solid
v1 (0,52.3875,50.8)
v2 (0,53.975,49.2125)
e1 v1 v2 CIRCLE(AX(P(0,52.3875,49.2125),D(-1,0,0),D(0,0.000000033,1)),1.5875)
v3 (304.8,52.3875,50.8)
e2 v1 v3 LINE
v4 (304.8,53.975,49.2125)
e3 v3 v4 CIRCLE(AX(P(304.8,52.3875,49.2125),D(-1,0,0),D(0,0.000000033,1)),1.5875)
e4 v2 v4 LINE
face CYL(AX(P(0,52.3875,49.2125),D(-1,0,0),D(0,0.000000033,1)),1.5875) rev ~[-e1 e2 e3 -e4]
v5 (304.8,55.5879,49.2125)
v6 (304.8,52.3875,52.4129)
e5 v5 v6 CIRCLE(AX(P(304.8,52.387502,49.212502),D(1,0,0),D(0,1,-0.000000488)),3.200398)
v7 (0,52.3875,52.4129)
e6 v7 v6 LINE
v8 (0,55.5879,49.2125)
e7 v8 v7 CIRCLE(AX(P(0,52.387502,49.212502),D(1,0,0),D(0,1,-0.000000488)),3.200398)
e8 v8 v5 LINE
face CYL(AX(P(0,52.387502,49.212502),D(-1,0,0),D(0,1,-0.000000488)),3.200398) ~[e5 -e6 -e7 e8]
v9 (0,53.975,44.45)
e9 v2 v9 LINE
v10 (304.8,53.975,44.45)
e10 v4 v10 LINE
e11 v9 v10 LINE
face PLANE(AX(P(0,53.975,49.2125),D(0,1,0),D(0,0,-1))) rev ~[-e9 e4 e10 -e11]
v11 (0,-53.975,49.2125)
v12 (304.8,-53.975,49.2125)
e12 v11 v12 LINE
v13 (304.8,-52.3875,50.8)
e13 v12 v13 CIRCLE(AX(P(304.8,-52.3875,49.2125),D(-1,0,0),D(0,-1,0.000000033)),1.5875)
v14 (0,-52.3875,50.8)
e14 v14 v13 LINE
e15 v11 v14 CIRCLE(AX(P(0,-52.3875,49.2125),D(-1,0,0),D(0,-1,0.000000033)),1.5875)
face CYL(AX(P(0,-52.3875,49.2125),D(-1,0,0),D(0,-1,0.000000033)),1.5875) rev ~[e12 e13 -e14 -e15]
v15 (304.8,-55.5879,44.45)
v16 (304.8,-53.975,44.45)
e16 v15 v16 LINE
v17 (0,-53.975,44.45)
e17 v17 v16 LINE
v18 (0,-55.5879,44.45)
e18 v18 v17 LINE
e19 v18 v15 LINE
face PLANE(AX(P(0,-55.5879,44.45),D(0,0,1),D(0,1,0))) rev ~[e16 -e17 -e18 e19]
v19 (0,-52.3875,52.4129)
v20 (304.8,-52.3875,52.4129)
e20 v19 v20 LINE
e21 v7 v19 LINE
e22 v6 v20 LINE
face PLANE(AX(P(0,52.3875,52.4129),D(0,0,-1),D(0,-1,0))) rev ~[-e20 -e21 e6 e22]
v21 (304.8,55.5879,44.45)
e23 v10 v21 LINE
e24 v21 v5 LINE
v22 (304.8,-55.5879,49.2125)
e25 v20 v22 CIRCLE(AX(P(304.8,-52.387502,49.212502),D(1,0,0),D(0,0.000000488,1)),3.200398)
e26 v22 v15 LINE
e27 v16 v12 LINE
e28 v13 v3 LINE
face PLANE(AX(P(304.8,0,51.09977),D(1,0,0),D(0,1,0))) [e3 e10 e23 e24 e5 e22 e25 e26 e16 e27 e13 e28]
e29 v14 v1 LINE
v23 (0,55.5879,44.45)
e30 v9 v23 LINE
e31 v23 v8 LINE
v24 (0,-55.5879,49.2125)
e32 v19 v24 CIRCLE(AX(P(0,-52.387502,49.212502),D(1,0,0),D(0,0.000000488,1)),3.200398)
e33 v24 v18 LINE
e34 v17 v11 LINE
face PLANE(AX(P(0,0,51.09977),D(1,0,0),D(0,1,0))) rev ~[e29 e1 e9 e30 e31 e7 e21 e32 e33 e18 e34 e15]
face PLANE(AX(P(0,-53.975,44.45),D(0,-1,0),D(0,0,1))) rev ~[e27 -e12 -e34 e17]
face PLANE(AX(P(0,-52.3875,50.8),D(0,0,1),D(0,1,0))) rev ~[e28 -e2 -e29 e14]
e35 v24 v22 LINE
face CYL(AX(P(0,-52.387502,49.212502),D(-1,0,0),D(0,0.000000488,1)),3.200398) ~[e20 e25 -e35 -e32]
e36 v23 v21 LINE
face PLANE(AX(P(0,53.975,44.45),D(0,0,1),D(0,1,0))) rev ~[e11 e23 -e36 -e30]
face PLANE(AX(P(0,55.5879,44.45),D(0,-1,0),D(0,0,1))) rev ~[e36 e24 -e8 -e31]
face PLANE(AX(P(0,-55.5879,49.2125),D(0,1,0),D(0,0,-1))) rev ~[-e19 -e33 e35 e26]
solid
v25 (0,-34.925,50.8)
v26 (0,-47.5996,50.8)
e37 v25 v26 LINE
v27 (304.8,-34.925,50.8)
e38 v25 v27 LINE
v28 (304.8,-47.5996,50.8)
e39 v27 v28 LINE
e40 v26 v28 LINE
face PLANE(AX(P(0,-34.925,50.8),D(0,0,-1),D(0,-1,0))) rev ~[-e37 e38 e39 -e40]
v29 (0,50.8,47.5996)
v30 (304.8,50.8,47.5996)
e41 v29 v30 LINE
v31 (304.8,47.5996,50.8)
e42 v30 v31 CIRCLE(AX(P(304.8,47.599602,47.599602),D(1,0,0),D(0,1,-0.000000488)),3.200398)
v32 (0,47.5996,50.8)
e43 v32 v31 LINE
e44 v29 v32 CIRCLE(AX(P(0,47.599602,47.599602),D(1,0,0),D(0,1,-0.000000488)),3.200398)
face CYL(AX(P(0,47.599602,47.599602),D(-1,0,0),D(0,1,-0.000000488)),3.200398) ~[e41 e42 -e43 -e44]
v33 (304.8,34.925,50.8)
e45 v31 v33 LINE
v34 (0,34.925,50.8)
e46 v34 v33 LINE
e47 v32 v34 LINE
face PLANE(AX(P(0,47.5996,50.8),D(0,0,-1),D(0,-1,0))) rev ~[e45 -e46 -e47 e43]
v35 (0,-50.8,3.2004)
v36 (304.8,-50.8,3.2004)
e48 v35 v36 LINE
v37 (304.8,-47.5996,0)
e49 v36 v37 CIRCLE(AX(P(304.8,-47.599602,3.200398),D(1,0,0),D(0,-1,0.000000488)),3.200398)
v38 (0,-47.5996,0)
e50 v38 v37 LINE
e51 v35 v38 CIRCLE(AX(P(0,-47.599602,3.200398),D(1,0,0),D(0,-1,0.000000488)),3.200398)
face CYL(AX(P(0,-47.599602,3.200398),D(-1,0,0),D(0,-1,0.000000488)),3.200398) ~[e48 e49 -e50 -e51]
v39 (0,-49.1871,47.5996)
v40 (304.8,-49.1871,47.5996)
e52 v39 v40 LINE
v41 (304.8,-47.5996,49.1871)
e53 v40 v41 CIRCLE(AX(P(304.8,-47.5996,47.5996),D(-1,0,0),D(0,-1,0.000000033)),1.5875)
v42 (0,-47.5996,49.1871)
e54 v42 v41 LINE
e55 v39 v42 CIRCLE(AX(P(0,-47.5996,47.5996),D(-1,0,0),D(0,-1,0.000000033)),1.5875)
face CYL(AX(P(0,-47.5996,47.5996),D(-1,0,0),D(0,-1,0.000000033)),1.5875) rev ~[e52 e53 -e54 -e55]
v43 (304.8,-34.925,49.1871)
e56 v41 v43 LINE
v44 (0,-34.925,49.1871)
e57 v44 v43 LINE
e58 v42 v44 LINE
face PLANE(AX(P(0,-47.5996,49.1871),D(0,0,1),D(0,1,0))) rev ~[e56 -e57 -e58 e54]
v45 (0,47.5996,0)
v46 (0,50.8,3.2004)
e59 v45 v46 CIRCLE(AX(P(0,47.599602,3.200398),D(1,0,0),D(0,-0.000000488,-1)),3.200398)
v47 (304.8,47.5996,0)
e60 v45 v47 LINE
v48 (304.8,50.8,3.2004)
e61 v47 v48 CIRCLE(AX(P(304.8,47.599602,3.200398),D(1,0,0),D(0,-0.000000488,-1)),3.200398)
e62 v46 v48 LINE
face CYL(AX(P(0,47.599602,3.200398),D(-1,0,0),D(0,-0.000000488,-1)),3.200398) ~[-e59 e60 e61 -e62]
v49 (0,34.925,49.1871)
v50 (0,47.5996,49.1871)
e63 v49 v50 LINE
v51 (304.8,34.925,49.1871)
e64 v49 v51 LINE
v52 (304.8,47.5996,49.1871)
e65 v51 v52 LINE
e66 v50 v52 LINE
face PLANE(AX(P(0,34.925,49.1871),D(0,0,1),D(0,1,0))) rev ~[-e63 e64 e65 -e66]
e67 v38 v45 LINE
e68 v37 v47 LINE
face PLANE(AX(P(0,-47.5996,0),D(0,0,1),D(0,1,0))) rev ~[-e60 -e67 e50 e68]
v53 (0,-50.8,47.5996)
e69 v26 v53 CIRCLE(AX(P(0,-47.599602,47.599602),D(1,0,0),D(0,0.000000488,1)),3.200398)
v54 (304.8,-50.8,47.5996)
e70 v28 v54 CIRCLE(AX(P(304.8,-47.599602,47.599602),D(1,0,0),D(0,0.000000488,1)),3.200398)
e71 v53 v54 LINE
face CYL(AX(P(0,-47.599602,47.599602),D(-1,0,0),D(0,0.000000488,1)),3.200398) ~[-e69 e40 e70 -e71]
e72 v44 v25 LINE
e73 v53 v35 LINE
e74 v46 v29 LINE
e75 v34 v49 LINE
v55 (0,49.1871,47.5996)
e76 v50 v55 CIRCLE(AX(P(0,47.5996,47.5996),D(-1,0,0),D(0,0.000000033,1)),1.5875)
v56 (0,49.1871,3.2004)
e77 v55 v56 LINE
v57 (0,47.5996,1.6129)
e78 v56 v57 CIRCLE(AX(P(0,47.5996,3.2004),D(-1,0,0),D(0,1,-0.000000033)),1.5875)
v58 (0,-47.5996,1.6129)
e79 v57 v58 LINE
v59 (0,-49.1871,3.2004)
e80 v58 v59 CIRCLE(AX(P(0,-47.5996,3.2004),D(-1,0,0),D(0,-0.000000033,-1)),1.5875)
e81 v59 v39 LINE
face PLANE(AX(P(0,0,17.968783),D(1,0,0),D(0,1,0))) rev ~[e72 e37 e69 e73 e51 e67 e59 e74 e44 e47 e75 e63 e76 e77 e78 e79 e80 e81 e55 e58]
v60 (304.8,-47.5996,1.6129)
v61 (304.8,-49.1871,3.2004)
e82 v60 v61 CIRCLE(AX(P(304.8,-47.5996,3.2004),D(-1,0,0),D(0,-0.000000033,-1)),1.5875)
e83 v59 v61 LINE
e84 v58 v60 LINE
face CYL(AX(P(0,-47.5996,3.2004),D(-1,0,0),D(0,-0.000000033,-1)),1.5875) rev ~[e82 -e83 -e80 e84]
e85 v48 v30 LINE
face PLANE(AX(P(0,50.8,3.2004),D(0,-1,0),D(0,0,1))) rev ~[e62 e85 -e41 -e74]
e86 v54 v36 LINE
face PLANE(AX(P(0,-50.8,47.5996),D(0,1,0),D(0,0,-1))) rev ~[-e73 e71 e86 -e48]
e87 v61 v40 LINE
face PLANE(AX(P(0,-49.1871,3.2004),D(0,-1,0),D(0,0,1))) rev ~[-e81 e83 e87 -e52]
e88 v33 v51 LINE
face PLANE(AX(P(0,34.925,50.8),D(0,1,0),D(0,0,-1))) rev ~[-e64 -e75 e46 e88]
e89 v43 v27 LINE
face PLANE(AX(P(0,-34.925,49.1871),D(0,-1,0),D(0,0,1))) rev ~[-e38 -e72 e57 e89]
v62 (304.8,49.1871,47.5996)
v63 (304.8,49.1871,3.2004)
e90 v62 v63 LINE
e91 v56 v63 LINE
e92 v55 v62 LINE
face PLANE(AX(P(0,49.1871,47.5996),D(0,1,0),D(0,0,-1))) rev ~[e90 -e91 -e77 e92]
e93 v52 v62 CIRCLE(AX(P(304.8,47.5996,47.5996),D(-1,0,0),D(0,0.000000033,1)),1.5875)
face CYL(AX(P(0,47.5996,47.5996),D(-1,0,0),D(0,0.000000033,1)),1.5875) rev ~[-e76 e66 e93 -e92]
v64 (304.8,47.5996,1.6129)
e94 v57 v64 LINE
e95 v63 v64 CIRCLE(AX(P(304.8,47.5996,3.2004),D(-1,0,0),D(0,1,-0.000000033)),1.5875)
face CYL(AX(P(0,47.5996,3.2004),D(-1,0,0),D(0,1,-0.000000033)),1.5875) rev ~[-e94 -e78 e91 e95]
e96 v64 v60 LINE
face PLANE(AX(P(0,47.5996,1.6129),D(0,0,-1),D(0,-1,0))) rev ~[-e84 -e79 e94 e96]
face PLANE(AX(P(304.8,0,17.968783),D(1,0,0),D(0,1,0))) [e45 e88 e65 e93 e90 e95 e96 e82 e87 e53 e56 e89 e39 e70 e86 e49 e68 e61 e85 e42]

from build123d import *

# Parameters (mm, degrees)
F1_DEPTH = 304.8
F3_DEPTH = 304.8


with BuildPart() as f1:
    # F0 (on Right) → F1 (new body)
    with BuildSketch(Plane.YZ):
        with BuildLine():
            Line((-47.5996, 0), (0, 0))
            Line((0, 0), (47.5996, 0))
            ThreePointArc((47.5996, 0), (49.862625, 0.937375), (50.8, 3.2004))
            Line((50.8, 3.2004), (50.8, 47.5996))
            ThreePointArc((50.8, 47.5996), (49.862625, 49.862625), (47.5996, 50.8))
            Line((47.5996, 50.8), (34.925, 50.8))
            Line((34.925, 50.8), (34.925, 49.1871))
            Line((34.925, 49.1871), (47.5996, 49.1871))
            ThreePointArc((47.5996, 49.1871), (48.722132, 48.722132), (49.1871, 47.5996))
            Line((49.1871, 47.5996), (49.1871, 3.2004))
            ThreePointArc((49.1871, 3.2004), (48.722132, 2.077868), (47.5996, 1.6129))
            Line((47.5996, 1.6129), (0, 1.6129))
            Line((0, 1.6129), (-47.5996, 1.6129))
            ThreePointArc((-47.5996, 1.6129), (-48.722132, 2.077868), (-49.1871, 3.2004))
            Line((-49.1871, 3.2004), (-49.1871, 47.5996))
            ThreePointArc((-49.1871, 47.5996), (-48.722132, 48.722132), (-47.5996, 49.1871))
            Line((-47.5996, 49.1871), (-34.925, 49.1871))
            Line((-34.925, 49.1871), (-34.925, 50.8))
            Line((-34.925, 50.8), (-47.5996, 50.8))
            ThreePointArc((-47.5996, 50.8), (-49.862625, 49.862625), (-50.8, 47.5996))
            Line((-50.8, 47.5996), (-50.8, 3.2004))
            ThreePointArc((-50.8, 3.2004), (-49.862625, 0.937375), (-47.5996, 0))
        make_face()
    extrude(amount=F1_DEPTH)


with BuildPart() as f3:
    # F2 (on Right) → F3 (new body)
    with BuildSketch(Plane.YZ):
        with BuildLine():
            Line((-52.3875, 50.8), (0, 50.8))
            Line((0, 50.8), (52.3875, 50.8))
            ThreePointArc((52.3875, 50.8), (53.510032, 50.335032), (53.975, 49.2125))
            Line((53.975, 49.2125), (53.975, 44.45))
            Line((53.975, 44.45), (55.5879, 44.45))
            Line((55.5879, 44.45), (55.5879, 49.2125))
            ThreePointArc((55.5879, 49.2125), (54.650525, 51.475525), (52.3875, 52.4129))
            Line((52.3875, 52.4129), (0, 52.4129))
            Line((0, 52.4129), (-52.3875, 52.4129))
            ThreePointArc((-52.3875, 52.4129), (-54.650525, 51.475525), (-55.5879, 49.2125))
            Line((-55.5879, 49.2125), (-55.5879, 44.45))
            Line((-55.5879, 44.45), (-53.975, 44.45))
            Line((-53.975, 44.45), (-53.975, 49.2125))
            ThreePointArc((-53.975, 49.2125), (-53.510032, 50.335032), (-52.3875, 50.8))
        make_face()
    extrude(amount=F3_DEPTH)


solid = Compound([f1.part, f3.part])
